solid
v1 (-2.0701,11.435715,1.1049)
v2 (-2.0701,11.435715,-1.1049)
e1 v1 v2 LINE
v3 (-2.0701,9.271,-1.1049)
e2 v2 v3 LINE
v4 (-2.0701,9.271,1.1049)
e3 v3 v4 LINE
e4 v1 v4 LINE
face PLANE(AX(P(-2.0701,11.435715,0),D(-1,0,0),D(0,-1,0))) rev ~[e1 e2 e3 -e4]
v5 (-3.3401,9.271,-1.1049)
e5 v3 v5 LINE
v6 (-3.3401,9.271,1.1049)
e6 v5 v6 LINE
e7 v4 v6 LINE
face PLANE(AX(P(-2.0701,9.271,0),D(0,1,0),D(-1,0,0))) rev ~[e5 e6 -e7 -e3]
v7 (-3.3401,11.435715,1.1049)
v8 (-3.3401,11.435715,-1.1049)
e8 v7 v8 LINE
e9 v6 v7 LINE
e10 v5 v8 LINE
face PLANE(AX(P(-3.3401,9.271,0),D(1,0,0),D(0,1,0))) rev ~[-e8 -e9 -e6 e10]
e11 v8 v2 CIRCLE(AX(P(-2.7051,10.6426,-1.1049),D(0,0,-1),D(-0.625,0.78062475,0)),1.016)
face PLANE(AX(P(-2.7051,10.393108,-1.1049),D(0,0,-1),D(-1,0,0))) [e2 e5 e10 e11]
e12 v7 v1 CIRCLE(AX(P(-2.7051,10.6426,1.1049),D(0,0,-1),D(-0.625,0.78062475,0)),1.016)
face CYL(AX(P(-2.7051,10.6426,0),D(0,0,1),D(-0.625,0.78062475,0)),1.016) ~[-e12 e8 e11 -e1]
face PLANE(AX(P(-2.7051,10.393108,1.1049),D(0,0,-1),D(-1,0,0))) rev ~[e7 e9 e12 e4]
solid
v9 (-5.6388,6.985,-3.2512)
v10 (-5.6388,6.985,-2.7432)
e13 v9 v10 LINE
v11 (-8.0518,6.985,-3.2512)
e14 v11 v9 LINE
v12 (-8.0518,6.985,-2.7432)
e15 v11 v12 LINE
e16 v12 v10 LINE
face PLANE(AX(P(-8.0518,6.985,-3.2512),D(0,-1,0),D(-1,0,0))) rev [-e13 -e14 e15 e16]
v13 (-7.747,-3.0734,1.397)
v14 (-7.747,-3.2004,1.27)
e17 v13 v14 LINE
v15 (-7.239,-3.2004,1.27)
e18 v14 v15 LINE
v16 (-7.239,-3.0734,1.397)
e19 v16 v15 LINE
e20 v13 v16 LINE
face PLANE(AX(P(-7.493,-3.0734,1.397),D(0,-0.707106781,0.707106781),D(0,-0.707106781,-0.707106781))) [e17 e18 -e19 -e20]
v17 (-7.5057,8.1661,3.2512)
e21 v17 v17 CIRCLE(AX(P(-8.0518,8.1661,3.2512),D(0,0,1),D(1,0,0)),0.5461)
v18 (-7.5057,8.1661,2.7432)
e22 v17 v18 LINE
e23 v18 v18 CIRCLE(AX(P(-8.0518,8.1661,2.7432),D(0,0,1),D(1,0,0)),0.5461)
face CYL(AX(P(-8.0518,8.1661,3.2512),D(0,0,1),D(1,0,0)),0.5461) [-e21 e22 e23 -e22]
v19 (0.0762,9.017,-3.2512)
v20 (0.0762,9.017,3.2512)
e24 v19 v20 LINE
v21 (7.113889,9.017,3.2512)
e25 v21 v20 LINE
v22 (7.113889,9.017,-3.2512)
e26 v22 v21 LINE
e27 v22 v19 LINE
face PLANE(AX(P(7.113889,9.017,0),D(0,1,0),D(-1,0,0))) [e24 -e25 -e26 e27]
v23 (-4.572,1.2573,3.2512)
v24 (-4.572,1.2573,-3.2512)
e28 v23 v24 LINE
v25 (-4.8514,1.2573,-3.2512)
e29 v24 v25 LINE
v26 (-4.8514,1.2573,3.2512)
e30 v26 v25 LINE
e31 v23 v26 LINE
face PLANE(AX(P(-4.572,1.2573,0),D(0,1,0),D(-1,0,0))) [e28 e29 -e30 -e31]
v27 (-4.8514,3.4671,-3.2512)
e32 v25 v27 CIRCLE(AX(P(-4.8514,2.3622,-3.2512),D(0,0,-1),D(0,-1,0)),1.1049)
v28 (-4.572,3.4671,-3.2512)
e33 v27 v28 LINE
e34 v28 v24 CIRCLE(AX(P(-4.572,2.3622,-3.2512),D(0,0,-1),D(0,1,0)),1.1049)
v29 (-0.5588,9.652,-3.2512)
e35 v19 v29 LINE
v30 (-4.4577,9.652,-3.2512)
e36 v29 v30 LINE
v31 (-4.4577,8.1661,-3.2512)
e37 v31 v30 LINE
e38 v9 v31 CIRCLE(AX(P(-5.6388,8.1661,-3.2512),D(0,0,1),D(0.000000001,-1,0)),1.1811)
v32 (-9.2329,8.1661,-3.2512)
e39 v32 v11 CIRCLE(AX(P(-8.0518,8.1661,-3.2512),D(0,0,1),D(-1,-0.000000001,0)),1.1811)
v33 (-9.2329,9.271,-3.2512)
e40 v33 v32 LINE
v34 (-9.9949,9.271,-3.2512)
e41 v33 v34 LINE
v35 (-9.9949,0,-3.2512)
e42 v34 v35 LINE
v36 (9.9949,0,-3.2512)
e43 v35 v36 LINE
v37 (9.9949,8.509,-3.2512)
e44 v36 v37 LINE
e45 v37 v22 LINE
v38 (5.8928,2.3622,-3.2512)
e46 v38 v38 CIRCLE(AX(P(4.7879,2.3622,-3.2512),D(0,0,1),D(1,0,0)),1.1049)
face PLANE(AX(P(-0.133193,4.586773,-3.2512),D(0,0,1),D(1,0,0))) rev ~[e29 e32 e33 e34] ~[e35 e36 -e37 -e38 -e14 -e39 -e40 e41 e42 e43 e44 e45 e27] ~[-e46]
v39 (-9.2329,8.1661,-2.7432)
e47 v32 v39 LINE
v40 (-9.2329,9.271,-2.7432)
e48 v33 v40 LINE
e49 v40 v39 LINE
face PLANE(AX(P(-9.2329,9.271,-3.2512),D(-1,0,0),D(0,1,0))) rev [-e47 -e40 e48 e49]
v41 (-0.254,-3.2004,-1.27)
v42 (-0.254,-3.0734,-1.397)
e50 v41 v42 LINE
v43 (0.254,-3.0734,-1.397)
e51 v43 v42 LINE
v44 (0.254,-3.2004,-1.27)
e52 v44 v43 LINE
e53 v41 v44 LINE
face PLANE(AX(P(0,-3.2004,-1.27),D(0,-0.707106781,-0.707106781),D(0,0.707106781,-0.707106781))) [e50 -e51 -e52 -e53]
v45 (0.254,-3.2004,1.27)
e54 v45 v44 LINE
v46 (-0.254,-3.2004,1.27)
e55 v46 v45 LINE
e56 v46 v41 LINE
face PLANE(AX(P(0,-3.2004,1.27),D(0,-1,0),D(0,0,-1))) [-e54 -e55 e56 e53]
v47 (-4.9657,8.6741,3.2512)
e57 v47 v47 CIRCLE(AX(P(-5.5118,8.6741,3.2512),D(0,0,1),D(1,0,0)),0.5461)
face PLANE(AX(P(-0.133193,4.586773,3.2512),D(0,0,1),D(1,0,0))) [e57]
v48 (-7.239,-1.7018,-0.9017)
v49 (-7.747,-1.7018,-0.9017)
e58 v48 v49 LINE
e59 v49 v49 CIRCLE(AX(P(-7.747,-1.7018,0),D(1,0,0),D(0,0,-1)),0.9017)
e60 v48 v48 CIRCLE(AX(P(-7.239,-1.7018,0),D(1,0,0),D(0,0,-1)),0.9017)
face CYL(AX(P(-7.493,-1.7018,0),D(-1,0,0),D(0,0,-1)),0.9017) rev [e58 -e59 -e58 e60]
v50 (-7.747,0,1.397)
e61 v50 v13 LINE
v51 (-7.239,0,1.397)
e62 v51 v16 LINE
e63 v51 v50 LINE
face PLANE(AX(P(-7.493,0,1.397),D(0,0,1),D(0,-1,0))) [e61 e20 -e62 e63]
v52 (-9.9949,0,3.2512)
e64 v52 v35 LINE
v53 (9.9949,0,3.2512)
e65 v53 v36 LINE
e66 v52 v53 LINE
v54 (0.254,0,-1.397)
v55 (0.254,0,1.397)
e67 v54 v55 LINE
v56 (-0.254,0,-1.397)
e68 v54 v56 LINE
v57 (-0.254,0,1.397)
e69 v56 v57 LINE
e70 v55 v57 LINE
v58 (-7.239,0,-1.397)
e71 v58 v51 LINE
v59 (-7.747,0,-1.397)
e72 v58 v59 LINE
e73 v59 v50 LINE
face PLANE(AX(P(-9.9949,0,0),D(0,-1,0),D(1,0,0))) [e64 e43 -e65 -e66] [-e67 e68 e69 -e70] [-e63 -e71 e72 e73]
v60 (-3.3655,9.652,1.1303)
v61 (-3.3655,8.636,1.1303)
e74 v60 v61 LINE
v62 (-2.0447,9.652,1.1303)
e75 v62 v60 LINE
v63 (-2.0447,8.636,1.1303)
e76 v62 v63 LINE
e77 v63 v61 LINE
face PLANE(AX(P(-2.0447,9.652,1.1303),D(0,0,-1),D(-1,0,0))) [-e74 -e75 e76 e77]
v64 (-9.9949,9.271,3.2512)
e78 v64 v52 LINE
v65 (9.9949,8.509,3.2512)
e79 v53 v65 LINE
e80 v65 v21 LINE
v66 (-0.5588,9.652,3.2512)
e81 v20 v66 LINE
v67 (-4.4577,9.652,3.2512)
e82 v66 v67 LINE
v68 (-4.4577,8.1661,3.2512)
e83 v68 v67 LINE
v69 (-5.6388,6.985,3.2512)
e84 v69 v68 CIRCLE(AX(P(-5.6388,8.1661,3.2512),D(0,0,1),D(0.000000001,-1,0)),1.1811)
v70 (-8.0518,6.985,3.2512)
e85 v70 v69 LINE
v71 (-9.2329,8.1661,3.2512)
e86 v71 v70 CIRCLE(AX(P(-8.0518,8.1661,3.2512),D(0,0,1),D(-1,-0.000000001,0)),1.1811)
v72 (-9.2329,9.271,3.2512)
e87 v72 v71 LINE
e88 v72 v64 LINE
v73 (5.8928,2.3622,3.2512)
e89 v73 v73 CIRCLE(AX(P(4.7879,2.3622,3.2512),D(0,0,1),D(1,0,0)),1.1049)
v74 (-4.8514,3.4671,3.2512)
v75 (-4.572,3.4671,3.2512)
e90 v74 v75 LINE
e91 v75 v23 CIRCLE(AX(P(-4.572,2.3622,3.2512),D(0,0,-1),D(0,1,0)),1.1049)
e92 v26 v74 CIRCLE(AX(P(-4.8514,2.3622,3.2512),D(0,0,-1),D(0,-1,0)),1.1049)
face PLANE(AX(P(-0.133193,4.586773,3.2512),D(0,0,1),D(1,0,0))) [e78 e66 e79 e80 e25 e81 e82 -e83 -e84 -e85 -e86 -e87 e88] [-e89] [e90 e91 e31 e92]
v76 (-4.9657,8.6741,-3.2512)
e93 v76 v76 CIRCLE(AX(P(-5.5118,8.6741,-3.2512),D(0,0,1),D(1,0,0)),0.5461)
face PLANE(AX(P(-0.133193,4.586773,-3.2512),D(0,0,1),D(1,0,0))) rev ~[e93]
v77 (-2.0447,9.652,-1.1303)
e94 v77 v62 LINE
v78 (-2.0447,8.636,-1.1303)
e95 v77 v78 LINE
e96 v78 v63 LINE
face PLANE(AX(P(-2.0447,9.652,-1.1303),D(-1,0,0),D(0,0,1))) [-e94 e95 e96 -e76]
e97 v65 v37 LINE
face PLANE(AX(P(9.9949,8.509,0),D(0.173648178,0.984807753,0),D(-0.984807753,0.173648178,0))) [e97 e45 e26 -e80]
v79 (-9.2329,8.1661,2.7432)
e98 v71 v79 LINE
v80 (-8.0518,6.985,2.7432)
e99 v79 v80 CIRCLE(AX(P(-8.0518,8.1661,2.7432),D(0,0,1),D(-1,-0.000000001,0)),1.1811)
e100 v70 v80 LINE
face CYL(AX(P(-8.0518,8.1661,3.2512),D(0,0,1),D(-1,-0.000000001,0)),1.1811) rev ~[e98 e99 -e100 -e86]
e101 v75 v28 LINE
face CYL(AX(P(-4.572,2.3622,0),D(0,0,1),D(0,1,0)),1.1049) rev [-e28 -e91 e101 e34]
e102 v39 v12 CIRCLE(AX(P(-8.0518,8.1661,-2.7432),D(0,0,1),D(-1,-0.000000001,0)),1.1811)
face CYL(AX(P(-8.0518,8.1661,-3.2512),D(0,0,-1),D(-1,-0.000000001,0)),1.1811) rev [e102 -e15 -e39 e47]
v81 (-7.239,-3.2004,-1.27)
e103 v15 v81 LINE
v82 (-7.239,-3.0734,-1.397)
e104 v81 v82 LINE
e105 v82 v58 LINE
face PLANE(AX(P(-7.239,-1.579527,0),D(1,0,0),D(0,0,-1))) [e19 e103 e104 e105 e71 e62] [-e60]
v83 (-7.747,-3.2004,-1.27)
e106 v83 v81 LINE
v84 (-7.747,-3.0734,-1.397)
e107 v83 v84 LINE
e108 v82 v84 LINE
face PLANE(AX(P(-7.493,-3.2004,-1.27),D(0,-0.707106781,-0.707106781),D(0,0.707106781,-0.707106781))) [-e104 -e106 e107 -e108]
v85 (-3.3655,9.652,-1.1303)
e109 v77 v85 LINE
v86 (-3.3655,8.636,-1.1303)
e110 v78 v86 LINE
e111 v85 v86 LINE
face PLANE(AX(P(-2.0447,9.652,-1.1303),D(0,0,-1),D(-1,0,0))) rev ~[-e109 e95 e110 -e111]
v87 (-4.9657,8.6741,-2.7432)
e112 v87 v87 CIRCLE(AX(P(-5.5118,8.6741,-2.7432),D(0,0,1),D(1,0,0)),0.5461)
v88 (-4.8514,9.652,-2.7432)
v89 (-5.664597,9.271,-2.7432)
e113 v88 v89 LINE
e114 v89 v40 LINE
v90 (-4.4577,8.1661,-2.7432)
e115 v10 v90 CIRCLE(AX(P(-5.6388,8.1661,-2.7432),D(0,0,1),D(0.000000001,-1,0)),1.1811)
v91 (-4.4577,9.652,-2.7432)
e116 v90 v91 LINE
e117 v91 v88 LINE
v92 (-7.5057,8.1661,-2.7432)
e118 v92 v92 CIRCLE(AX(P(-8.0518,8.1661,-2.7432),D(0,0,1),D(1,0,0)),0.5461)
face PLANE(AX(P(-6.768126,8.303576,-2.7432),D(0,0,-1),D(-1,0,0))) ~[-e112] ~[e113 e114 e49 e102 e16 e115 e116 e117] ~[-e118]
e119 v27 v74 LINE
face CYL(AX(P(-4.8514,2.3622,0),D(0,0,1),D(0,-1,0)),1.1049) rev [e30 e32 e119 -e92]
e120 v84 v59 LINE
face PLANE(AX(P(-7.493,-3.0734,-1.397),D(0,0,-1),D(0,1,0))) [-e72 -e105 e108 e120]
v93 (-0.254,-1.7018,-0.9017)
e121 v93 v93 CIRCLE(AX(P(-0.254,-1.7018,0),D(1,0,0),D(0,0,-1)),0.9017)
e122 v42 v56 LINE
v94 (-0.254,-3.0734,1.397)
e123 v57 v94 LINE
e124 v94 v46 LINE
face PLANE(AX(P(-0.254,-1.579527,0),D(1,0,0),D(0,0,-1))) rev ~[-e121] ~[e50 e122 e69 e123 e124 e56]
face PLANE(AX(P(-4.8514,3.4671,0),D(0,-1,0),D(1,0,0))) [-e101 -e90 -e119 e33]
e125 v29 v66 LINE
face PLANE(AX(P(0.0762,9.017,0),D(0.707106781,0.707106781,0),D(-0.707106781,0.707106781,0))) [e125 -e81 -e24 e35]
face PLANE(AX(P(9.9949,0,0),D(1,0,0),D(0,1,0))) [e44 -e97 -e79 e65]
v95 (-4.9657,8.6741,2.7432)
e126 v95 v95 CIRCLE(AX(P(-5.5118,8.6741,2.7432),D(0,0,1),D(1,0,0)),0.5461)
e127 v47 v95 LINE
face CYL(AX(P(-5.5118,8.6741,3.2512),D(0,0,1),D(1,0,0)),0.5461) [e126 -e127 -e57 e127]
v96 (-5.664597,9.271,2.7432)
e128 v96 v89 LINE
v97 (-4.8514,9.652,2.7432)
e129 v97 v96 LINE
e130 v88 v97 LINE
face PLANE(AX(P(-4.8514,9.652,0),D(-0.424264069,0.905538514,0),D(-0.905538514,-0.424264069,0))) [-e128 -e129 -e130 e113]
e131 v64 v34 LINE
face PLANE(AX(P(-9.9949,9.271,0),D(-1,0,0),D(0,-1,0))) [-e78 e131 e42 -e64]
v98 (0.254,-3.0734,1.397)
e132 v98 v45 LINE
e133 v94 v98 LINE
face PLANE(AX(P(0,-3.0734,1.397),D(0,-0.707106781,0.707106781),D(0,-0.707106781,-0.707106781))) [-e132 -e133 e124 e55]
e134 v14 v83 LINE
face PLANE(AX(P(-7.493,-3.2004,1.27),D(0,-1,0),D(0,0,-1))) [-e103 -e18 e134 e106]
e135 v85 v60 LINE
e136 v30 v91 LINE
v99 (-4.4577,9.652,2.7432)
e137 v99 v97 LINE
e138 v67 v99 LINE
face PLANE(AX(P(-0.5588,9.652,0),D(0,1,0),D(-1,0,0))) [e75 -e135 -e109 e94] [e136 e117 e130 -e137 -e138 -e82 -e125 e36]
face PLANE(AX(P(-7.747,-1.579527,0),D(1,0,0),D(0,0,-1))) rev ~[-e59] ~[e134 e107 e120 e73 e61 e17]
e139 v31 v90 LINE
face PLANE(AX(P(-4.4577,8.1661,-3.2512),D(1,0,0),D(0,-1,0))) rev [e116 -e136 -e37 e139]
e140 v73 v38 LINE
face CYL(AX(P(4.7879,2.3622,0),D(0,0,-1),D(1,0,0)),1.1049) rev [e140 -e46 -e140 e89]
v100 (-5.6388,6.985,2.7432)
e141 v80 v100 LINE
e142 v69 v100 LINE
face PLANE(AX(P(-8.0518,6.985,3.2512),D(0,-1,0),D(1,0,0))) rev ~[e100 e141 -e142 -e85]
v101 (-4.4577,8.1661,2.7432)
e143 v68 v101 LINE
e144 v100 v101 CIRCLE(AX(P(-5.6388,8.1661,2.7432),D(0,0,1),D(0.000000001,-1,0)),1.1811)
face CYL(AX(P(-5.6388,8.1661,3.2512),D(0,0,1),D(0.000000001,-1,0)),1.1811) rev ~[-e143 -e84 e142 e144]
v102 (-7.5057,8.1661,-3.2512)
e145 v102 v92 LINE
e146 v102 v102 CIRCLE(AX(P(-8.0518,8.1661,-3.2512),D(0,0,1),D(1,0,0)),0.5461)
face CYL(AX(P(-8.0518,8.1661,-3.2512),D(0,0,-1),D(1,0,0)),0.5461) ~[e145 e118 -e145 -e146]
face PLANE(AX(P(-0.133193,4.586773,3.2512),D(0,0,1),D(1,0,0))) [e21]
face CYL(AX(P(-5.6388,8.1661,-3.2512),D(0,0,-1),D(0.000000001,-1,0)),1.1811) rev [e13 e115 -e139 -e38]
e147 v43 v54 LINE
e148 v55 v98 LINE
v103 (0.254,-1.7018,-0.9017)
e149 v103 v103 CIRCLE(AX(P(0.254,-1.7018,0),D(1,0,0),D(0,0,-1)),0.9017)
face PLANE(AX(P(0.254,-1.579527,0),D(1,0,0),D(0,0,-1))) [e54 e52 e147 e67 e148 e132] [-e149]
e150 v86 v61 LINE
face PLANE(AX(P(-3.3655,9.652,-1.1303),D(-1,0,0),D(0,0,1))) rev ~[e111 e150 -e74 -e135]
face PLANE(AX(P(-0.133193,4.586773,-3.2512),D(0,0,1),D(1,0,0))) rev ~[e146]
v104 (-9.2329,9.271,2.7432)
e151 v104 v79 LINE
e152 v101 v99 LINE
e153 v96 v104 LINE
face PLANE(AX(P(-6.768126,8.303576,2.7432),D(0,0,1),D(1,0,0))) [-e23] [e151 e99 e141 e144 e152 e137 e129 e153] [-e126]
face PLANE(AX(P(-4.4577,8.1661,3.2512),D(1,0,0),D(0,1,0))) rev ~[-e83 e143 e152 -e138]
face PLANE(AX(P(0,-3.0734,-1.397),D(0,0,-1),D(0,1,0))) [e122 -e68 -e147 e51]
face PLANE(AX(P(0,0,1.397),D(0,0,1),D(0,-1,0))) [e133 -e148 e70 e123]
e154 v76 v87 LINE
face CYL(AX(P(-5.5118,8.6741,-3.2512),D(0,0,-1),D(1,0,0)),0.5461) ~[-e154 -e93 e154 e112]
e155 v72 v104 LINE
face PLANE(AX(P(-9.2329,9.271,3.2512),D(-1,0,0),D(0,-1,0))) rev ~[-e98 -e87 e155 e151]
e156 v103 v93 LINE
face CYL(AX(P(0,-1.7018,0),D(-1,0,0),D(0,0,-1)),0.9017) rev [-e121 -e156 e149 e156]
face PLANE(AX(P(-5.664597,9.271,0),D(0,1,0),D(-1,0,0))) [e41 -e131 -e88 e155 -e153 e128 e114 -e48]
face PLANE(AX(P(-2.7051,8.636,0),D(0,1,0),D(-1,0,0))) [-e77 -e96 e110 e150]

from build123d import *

# Parameters (mm, degrees)
SKETCH2_R          = 1.1049
EXTRUDE1_DEPTH     = 3.2512
EXTRUDE2_DEPTH     = 1.1049
SKETCH4_W          = 1.3208
SKETCH4_H          = 2.2606
CUT_EXTRUDE1_DEPTH = 1.016
SKETCH5_R          = 0.5461
CUT_EXTRUDE2_DEPTH = 0.508
SKETCH10_R         = 0.9017
EXTRUDE6_DEPTH     = 0.254
LPATTERN1_COUNT    = 2
LPATTERN1_PITCH    = 7.493


with BuildPart() as part:
    # Sketch2 → Extrude1 (new body, symmetric)
    with BuildSketch(Plane.XY):
        Polygon((9.9949, 8.509), (7.113888836, 9.017), (0.0762, 9.017), (-0.5588, 9.652), (-4.8514, 9.652), (-5.664596778, 9.271), (-9.9949, 9.271), (-9.9949, 0), (9.9949, 0), align=None)
        with Locations((4.7879, 2.3622)):
            Circle(SKETCH2_R, mode=Mode.SUBTRACT)
        with BuildLine():
            Line((-4.8514, 3.4671), (-4.572, 3.4671))
            ThreePointArc((-4.572, 3.4671), (-3.4671, 2.3622), (-4.572, 1.2573))
            Line((-4.572, 1.2573), (-4.8514, 1.2573))
            ThreePointArc((-4.8514, 1.2573), (-5.9563, 2.3622), (-4.8514, 3.4671))
        make_face(mode=Mode.SUBTRACT)
    extrude(amount=EXTRUDE1_DEPTH, both=True)

    # Sketch4 → Cut-Extrude1 (cut)
    with BuildSketch(Plane(origin=(0, 9.652, 0), x_dir=(-1, 0, 0), z_dir=(0, 1, 0))):
        with Locations((2.7051, 0)):
            Rectangle(SKETCH4_W, SKETCH4_H)
    extrude(amount=-CUT_EXTRUDE1_DEPTH, mode=Mode.SUBTRACT)

    # Sketch5 → Cut-Extrude2 (cut)
    with BuildSketch(Plane.XY.offset(3.2512)):
        with BuildLine():
            Line((-9.2329, 9.271), (-9.2329, 8.1661))
            ThreePointArc((-9.2329, 8.1661), (-8.886963819, 7.330936181), (-8.0518, 6.985))
            Line((-8.0518, 6.985), (-5.6388, 6.985))
            ThreePointArc((-5.6388, 6.985), (-4.803636181, 7.330936181), (-4.4577, 8.1661))
            Line((-4.4577, 8.1661), (-4.4577, 9.652))
            Line((-4.4577, 9.652), (-4.8514, 9.652))
            Line((-4.8514, 9.652), (-5.664596778, 9.271))
            Line((-5.664596778, 9.271), (-9.2329, 9.271))
        make_face()
        with Locations((-5.5118, 8.6741)):
            Circle(SKETCH5_R, mode=Mode.SUBTRACT)
        with Locations((-8.0518, 8.1661)):
            Circle(SKETCH5_R, mode=Mode.SUBTRACT)
    cut_extrude2 = extrude(amount=-CUT_EXTRUDE2_DEPTH, mode=Mode.SUBTRACT)

    # Mirror1: Cut-Extrude2 across plane
    add(cut_extrude2.mirror(Plane.XY), mode=Mode.SUBTRACT)

    # Sketch10 → Extrude6 (add, symmetric)
    with BuildSketch(Plane(origin=(-7.493, 0, 0), x_dir=(0, 0, -1), z_dir=(1, 0, 0))):
        Polygon((-1.397, 0), (-1.397, -3.0734), (-1.27, -3.2004), (1.27, -3.2004), (1.397, -3.0734), (1.397, 0), align=None)
        with Locations((0, -1.7018)):
            Circle(SKETCH10_R, mode=Mode.SUBTRACT)
    extrude6 = extrude(amount=EXTRUDE6_DEPTH, both=True)

    # LPattern1: Extrude6 ×2
    with Locations(*[(i * LPATTERN1_PITCH, 0, 0) for i in range(1, LPATTERN1_COUNT)]):
        add(extrude6)


with BuildPart() as body_2:
    # Sketch3 → Extrude2 (new body, symmetric)
    with BuildSketch(Plane.XY):
        with BuildLine():
            Line((-3.3401, 9.271), (-3.3401, 11.435714746))
            ThreePointArc((-3.3401, 11.435714746), (-2.7051, 11.6586), (-2.0701, 11.435714746))
            Line((-2.0701, 11.435714746), (-2.0701, 9.271))
            Line((-2.0701, 9.271), (-3.3401, 9.271))
        make_face()
    extrude(amount=EXTRUDE2_DEPTH, both=True)


solid = Compound([part.part, body_2.part])
